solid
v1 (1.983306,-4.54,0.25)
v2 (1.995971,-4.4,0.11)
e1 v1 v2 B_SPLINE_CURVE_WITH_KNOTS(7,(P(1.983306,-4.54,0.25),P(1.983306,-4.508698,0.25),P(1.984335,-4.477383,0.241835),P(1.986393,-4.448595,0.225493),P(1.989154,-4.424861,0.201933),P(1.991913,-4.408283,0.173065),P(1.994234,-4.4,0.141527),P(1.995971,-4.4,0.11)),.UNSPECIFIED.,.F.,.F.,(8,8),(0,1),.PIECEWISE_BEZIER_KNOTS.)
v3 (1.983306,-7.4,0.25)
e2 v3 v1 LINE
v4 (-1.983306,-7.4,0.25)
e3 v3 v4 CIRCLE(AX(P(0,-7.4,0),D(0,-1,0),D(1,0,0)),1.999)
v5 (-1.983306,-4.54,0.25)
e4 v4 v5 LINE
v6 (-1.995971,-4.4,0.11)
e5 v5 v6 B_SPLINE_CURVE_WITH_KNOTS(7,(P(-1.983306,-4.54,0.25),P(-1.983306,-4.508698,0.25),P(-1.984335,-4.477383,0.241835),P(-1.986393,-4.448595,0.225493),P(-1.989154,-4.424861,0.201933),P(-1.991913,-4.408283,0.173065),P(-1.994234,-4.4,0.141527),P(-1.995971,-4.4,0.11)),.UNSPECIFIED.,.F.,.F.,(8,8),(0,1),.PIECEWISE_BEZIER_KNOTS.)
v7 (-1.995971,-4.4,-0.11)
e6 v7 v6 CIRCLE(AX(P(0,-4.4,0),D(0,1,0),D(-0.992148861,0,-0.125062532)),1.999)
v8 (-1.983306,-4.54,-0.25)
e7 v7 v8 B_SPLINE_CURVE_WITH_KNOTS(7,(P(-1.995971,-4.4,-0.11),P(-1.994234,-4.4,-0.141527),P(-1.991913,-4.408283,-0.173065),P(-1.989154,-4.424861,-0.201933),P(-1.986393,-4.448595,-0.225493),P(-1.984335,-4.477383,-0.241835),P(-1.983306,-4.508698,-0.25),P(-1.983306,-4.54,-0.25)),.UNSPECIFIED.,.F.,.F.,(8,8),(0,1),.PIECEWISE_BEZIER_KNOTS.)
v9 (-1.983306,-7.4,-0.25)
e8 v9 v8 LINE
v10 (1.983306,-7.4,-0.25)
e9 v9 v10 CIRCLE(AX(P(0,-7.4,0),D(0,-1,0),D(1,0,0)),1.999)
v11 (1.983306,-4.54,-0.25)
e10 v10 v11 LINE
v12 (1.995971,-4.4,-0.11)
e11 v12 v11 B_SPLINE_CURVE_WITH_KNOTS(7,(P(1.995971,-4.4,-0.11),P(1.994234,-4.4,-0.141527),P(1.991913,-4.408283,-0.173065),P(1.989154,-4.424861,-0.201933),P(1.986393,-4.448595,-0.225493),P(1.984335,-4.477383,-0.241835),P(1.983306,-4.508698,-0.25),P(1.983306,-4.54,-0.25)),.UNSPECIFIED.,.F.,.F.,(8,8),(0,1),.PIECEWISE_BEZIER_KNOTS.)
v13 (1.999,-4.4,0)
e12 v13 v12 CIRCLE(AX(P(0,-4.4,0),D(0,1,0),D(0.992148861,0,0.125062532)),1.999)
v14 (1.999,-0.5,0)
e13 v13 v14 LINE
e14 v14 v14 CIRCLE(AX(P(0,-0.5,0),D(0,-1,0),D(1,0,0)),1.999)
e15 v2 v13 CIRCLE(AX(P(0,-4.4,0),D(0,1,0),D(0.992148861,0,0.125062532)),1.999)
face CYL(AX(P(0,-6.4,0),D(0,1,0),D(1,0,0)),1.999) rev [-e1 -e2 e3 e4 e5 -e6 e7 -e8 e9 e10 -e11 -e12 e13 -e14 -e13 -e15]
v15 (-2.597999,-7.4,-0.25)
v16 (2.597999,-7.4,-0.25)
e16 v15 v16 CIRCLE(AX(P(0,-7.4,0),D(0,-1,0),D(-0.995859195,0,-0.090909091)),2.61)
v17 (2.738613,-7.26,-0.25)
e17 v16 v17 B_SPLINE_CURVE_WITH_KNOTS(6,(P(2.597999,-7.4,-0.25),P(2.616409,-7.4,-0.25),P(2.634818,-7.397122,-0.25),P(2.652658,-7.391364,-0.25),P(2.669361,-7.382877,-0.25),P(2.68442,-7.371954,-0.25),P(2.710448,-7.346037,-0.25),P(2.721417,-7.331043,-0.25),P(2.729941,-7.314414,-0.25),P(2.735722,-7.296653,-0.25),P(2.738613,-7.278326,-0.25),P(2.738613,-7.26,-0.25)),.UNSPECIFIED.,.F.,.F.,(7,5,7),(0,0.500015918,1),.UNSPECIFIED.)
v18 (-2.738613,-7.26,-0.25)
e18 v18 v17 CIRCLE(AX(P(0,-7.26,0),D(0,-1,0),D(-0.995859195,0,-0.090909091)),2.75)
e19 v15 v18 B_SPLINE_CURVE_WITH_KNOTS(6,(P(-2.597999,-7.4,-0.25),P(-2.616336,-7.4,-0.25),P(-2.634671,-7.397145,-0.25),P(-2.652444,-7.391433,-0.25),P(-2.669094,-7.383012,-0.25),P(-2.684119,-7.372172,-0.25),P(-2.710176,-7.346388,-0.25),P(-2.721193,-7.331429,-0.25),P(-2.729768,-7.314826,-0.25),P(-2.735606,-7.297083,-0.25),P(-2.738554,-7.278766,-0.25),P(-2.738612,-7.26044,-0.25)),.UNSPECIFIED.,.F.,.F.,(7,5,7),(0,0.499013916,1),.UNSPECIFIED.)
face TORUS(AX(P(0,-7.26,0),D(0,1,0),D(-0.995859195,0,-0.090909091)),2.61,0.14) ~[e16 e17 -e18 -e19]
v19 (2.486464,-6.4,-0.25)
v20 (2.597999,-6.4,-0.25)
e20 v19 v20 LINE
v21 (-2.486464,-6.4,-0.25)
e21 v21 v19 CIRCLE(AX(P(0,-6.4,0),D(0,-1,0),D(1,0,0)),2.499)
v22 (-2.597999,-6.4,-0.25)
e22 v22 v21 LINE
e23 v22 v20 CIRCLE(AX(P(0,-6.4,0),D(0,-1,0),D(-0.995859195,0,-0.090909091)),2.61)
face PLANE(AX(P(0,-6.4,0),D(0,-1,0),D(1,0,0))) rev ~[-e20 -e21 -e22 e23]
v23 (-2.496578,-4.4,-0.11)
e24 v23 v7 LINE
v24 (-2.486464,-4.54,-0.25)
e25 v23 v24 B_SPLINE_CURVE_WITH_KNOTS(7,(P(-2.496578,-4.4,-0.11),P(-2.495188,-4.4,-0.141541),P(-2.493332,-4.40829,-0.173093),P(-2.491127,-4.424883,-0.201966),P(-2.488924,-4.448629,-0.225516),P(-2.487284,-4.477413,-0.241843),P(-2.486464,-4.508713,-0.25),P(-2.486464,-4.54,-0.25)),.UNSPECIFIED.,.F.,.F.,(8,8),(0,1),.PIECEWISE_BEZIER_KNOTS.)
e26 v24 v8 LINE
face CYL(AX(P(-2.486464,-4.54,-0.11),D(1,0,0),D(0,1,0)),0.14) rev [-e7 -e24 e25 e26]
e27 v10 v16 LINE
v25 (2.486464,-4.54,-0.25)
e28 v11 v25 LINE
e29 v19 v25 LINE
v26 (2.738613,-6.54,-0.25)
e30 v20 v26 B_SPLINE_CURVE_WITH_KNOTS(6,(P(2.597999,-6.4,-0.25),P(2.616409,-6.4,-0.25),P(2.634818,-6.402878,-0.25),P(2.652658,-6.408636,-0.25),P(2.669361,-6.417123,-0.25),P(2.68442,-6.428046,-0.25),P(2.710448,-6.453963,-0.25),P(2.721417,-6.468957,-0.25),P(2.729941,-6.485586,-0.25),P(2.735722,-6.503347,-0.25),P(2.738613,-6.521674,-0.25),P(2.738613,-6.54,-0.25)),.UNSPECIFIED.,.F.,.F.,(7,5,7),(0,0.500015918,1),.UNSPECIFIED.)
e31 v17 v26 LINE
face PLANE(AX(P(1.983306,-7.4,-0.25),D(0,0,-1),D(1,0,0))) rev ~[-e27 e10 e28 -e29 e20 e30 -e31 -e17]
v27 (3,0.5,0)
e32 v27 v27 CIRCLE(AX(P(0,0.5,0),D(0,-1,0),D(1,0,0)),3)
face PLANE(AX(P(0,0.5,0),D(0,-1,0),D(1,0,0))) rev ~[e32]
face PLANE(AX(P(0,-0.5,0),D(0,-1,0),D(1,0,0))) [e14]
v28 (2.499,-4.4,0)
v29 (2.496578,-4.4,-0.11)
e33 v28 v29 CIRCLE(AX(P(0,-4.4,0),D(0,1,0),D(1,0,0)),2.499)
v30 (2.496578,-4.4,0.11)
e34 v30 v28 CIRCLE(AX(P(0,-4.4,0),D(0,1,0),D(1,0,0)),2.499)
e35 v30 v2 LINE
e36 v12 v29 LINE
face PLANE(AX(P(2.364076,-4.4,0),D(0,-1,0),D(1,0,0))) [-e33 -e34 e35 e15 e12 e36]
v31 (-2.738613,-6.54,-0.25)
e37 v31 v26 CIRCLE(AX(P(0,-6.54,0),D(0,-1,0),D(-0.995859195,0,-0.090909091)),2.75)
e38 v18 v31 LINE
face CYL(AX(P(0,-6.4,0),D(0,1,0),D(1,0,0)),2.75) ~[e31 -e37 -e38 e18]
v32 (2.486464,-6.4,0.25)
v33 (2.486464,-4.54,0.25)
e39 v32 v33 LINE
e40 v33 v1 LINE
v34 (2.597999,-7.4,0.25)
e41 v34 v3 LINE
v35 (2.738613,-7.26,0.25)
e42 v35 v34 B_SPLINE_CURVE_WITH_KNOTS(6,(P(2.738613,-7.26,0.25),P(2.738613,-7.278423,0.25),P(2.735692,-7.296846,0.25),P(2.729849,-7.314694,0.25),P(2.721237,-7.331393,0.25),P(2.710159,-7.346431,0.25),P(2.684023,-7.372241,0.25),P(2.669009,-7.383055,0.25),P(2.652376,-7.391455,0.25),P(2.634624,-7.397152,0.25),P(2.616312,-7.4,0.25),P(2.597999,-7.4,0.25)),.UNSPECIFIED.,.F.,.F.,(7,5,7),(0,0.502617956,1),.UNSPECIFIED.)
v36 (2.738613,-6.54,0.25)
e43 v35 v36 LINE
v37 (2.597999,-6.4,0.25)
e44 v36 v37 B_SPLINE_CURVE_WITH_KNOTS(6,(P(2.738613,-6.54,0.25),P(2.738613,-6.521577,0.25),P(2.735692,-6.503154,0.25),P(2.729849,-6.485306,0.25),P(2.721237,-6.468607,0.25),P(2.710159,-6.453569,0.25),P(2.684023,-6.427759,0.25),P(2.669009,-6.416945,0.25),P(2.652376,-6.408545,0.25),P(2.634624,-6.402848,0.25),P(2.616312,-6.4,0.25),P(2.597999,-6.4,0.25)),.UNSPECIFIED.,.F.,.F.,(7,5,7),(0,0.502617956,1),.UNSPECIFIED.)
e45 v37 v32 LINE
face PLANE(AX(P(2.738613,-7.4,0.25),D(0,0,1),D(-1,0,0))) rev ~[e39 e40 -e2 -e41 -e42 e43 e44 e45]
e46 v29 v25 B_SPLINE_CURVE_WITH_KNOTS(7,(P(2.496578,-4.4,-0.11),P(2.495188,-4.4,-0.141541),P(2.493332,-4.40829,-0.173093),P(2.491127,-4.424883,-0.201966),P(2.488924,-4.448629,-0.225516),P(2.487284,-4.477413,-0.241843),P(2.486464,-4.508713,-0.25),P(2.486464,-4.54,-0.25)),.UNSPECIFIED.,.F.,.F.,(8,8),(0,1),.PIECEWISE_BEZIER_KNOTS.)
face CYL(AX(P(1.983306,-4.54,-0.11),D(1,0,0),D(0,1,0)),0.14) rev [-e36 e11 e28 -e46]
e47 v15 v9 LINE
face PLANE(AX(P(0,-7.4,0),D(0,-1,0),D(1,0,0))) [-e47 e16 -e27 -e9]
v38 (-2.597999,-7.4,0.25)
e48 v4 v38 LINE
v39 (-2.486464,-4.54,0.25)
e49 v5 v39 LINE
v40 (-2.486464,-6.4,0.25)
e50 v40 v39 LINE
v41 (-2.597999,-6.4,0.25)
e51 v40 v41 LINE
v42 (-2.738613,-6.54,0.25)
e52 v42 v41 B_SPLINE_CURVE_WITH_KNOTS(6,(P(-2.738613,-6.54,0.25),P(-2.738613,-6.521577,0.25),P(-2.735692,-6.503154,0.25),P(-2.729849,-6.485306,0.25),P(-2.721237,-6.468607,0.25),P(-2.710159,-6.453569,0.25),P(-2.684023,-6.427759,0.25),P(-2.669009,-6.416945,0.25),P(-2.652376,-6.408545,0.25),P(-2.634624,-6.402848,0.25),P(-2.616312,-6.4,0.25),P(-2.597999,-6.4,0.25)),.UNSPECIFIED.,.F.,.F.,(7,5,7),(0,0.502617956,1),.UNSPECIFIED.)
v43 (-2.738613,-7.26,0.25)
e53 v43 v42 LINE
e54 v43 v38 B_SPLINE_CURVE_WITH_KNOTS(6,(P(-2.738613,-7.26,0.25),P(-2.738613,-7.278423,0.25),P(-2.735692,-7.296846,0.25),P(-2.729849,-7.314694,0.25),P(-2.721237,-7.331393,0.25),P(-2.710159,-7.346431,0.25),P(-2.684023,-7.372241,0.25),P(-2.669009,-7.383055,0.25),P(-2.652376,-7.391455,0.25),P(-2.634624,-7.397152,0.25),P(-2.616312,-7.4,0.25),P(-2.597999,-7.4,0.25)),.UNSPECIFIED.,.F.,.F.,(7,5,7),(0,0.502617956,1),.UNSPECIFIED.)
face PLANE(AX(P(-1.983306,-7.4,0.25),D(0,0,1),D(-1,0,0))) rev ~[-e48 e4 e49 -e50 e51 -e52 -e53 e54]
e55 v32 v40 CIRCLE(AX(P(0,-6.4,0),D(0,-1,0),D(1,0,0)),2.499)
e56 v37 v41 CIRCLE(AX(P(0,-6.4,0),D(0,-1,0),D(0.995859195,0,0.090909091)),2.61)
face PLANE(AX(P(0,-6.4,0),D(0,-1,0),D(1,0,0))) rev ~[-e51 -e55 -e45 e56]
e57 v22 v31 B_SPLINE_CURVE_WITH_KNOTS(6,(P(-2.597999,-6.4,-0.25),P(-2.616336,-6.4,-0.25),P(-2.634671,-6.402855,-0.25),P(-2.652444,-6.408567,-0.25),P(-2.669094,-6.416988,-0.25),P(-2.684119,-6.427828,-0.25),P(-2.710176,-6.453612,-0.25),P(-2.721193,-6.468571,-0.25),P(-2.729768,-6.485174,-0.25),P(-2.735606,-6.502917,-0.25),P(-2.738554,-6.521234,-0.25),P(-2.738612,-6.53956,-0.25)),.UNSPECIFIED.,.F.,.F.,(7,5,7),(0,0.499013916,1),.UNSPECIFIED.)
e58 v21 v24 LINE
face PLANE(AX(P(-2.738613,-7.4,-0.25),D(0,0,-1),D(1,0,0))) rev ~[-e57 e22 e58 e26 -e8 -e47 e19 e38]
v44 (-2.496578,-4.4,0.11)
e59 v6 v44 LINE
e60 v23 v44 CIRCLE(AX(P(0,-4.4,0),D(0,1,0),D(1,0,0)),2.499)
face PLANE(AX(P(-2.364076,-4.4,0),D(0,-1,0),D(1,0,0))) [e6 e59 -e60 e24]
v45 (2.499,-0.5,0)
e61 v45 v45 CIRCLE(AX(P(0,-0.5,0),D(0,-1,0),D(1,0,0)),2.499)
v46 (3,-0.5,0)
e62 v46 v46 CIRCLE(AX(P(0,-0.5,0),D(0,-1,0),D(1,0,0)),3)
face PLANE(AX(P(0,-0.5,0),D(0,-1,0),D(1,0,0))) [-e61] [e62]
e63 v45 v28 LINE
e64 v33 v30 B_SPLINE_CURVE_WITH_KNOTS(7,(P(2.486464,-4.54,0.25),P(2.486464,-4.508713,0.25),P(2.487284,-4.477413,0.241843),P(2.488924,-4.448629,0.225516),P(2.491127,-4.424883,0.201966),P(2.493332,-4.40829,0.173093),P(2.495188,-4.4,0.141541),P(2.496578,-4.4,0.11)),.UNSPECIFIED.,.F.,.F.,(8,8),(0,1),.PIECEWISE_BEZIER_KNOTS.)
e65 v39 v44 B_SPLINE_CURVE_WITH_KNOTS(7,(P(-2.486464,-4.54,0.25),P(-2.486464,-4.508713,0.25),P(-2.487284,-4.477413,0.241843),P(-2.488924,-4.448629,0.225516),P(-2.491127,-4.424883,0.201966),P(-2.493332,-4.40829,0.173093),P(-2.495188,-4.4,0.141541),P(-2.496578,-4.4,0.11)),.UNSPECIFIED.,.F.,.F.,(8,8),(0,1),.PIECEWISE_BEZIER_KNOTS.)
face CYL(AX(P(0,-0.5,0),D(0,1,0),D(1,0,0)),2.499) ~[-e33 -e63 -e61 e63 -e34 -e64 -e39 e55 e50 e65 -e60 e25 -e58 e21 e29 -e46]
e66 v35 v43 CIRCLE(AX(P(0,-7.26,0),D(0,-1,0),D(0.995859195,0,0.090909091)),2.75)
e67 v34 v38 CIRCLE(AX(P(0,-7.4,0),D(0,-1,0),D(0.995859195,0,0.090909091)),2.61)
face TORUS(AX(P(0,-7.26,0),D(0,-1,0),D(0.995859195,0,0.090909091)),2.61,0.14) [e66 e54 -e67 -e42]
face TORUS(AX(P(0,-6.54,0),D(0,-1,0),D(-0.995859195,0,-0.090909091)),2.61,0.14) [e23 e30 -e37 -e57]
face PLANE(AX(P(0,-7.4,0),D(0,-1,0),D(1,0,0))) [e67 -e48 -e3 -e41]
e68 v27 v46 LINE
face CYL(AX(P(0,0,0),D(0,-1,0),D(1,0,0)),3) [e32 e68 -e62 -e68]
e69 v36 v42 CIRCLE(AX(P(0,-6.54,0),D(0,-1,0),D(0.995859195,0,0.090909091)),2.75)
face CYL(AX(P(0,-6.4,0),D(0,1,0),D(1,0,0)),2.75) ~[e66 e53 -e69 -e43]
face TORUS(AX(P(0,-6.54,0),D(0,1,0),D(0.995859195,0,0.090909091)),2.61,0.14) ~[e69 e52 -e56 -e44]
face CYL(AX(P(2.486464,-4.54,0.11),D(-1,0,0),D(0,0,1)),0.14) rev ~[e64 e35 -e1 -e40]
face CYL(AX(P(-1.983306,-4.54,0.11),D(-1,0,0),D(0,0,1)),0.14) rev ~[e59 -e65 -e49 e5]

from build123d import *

# Parameters (mm, degrees)
F0_R     = 3
F1_DEPTH = 0.5
F2_R     = 2.499
F2_R_2   = 1.999
F3_DEPTH = 5.9
F4_R     = 2.75
F4_R_2   = 1.999
F5_DEPTH = 1
F7_DEPTH = 3
F8_R     = 0.14


with BuildPart() as f1:
    # F0 (on Front) → F1 (new body, symmetric)
    with BuildSketch(Plane.XZ):
        Circle(F0_R)
    extrude(amount=F1_DEPTH, both=True)

    # F2 (on face) → F3 (join)
    with BuildSketch(Plane.XZ.offset(0.5)):
        Circle(F2_R)
        Circle(F2_R_2, mode=Mode.SUBTRACT)
    extrude(amount=F3_DEPTH)

    # F4 (on face) → F5 (join)
    with BuildSketch(Plane.XZ.offset(6.4)):
        Circle(F4_R)
        Circle(F4_R_2, mode=Mode.SUBTRACT)
    extrude(amount=F5_DEPTH)

    # F6 (on face) → F7 (cut)
    with BuildSketch(Plane.XZ.offset(7.4)):
        with BuildLine():
            ThreePointArc((2.7386127875, -0.25), (2.75, 0), (2.7386127875, 0.25))
            Line((2.7386127875, 0.25), (1.983305574, 0.25))
            ThreePointArc((1.983305574, 0.25), (1.999, 0), (1.983305574, -0.25))
            Line((1.983305574, -0.25), (2.7386127875, -0.25))
        make_face()
        with BuildLine():
            Line((-2.7386127875, -0.25), (-1.983305574, -0.25))
            ThreePointArc((-1.983305574, -0.25), (-1.999, 0), (-1.983305574, 0.25))
            Line((-1.983305574, 0.25), (-2.7386127875, 0.25))
            ThreePointArc((-2.7386127875, 0.25), (-2.75, 0), (-2.7386127875, -0.25))
        make_face()
    extrude(amount=-F7_DEPTH, mode=Mode.SUBTRACT)

    # F8
    f8_edges = [f1.edges().sort_by_distance(p)[0] for p in [
        (-2.234885, -4.4, -0.25),
        (0, -6.4, 2.75),
        (0, -7.4, 2.75),
        (0, -7.4, -2.75),
        (0, -6.4, -2.75),
        (2.234885, -4.4, -0.25),
        (2.234885, -4.4, 0.25),
        (-2.234885, -4.4, 0.25),
    ]]
    fillet(f8_edges, radius=F8_R)


solid = f1.part
